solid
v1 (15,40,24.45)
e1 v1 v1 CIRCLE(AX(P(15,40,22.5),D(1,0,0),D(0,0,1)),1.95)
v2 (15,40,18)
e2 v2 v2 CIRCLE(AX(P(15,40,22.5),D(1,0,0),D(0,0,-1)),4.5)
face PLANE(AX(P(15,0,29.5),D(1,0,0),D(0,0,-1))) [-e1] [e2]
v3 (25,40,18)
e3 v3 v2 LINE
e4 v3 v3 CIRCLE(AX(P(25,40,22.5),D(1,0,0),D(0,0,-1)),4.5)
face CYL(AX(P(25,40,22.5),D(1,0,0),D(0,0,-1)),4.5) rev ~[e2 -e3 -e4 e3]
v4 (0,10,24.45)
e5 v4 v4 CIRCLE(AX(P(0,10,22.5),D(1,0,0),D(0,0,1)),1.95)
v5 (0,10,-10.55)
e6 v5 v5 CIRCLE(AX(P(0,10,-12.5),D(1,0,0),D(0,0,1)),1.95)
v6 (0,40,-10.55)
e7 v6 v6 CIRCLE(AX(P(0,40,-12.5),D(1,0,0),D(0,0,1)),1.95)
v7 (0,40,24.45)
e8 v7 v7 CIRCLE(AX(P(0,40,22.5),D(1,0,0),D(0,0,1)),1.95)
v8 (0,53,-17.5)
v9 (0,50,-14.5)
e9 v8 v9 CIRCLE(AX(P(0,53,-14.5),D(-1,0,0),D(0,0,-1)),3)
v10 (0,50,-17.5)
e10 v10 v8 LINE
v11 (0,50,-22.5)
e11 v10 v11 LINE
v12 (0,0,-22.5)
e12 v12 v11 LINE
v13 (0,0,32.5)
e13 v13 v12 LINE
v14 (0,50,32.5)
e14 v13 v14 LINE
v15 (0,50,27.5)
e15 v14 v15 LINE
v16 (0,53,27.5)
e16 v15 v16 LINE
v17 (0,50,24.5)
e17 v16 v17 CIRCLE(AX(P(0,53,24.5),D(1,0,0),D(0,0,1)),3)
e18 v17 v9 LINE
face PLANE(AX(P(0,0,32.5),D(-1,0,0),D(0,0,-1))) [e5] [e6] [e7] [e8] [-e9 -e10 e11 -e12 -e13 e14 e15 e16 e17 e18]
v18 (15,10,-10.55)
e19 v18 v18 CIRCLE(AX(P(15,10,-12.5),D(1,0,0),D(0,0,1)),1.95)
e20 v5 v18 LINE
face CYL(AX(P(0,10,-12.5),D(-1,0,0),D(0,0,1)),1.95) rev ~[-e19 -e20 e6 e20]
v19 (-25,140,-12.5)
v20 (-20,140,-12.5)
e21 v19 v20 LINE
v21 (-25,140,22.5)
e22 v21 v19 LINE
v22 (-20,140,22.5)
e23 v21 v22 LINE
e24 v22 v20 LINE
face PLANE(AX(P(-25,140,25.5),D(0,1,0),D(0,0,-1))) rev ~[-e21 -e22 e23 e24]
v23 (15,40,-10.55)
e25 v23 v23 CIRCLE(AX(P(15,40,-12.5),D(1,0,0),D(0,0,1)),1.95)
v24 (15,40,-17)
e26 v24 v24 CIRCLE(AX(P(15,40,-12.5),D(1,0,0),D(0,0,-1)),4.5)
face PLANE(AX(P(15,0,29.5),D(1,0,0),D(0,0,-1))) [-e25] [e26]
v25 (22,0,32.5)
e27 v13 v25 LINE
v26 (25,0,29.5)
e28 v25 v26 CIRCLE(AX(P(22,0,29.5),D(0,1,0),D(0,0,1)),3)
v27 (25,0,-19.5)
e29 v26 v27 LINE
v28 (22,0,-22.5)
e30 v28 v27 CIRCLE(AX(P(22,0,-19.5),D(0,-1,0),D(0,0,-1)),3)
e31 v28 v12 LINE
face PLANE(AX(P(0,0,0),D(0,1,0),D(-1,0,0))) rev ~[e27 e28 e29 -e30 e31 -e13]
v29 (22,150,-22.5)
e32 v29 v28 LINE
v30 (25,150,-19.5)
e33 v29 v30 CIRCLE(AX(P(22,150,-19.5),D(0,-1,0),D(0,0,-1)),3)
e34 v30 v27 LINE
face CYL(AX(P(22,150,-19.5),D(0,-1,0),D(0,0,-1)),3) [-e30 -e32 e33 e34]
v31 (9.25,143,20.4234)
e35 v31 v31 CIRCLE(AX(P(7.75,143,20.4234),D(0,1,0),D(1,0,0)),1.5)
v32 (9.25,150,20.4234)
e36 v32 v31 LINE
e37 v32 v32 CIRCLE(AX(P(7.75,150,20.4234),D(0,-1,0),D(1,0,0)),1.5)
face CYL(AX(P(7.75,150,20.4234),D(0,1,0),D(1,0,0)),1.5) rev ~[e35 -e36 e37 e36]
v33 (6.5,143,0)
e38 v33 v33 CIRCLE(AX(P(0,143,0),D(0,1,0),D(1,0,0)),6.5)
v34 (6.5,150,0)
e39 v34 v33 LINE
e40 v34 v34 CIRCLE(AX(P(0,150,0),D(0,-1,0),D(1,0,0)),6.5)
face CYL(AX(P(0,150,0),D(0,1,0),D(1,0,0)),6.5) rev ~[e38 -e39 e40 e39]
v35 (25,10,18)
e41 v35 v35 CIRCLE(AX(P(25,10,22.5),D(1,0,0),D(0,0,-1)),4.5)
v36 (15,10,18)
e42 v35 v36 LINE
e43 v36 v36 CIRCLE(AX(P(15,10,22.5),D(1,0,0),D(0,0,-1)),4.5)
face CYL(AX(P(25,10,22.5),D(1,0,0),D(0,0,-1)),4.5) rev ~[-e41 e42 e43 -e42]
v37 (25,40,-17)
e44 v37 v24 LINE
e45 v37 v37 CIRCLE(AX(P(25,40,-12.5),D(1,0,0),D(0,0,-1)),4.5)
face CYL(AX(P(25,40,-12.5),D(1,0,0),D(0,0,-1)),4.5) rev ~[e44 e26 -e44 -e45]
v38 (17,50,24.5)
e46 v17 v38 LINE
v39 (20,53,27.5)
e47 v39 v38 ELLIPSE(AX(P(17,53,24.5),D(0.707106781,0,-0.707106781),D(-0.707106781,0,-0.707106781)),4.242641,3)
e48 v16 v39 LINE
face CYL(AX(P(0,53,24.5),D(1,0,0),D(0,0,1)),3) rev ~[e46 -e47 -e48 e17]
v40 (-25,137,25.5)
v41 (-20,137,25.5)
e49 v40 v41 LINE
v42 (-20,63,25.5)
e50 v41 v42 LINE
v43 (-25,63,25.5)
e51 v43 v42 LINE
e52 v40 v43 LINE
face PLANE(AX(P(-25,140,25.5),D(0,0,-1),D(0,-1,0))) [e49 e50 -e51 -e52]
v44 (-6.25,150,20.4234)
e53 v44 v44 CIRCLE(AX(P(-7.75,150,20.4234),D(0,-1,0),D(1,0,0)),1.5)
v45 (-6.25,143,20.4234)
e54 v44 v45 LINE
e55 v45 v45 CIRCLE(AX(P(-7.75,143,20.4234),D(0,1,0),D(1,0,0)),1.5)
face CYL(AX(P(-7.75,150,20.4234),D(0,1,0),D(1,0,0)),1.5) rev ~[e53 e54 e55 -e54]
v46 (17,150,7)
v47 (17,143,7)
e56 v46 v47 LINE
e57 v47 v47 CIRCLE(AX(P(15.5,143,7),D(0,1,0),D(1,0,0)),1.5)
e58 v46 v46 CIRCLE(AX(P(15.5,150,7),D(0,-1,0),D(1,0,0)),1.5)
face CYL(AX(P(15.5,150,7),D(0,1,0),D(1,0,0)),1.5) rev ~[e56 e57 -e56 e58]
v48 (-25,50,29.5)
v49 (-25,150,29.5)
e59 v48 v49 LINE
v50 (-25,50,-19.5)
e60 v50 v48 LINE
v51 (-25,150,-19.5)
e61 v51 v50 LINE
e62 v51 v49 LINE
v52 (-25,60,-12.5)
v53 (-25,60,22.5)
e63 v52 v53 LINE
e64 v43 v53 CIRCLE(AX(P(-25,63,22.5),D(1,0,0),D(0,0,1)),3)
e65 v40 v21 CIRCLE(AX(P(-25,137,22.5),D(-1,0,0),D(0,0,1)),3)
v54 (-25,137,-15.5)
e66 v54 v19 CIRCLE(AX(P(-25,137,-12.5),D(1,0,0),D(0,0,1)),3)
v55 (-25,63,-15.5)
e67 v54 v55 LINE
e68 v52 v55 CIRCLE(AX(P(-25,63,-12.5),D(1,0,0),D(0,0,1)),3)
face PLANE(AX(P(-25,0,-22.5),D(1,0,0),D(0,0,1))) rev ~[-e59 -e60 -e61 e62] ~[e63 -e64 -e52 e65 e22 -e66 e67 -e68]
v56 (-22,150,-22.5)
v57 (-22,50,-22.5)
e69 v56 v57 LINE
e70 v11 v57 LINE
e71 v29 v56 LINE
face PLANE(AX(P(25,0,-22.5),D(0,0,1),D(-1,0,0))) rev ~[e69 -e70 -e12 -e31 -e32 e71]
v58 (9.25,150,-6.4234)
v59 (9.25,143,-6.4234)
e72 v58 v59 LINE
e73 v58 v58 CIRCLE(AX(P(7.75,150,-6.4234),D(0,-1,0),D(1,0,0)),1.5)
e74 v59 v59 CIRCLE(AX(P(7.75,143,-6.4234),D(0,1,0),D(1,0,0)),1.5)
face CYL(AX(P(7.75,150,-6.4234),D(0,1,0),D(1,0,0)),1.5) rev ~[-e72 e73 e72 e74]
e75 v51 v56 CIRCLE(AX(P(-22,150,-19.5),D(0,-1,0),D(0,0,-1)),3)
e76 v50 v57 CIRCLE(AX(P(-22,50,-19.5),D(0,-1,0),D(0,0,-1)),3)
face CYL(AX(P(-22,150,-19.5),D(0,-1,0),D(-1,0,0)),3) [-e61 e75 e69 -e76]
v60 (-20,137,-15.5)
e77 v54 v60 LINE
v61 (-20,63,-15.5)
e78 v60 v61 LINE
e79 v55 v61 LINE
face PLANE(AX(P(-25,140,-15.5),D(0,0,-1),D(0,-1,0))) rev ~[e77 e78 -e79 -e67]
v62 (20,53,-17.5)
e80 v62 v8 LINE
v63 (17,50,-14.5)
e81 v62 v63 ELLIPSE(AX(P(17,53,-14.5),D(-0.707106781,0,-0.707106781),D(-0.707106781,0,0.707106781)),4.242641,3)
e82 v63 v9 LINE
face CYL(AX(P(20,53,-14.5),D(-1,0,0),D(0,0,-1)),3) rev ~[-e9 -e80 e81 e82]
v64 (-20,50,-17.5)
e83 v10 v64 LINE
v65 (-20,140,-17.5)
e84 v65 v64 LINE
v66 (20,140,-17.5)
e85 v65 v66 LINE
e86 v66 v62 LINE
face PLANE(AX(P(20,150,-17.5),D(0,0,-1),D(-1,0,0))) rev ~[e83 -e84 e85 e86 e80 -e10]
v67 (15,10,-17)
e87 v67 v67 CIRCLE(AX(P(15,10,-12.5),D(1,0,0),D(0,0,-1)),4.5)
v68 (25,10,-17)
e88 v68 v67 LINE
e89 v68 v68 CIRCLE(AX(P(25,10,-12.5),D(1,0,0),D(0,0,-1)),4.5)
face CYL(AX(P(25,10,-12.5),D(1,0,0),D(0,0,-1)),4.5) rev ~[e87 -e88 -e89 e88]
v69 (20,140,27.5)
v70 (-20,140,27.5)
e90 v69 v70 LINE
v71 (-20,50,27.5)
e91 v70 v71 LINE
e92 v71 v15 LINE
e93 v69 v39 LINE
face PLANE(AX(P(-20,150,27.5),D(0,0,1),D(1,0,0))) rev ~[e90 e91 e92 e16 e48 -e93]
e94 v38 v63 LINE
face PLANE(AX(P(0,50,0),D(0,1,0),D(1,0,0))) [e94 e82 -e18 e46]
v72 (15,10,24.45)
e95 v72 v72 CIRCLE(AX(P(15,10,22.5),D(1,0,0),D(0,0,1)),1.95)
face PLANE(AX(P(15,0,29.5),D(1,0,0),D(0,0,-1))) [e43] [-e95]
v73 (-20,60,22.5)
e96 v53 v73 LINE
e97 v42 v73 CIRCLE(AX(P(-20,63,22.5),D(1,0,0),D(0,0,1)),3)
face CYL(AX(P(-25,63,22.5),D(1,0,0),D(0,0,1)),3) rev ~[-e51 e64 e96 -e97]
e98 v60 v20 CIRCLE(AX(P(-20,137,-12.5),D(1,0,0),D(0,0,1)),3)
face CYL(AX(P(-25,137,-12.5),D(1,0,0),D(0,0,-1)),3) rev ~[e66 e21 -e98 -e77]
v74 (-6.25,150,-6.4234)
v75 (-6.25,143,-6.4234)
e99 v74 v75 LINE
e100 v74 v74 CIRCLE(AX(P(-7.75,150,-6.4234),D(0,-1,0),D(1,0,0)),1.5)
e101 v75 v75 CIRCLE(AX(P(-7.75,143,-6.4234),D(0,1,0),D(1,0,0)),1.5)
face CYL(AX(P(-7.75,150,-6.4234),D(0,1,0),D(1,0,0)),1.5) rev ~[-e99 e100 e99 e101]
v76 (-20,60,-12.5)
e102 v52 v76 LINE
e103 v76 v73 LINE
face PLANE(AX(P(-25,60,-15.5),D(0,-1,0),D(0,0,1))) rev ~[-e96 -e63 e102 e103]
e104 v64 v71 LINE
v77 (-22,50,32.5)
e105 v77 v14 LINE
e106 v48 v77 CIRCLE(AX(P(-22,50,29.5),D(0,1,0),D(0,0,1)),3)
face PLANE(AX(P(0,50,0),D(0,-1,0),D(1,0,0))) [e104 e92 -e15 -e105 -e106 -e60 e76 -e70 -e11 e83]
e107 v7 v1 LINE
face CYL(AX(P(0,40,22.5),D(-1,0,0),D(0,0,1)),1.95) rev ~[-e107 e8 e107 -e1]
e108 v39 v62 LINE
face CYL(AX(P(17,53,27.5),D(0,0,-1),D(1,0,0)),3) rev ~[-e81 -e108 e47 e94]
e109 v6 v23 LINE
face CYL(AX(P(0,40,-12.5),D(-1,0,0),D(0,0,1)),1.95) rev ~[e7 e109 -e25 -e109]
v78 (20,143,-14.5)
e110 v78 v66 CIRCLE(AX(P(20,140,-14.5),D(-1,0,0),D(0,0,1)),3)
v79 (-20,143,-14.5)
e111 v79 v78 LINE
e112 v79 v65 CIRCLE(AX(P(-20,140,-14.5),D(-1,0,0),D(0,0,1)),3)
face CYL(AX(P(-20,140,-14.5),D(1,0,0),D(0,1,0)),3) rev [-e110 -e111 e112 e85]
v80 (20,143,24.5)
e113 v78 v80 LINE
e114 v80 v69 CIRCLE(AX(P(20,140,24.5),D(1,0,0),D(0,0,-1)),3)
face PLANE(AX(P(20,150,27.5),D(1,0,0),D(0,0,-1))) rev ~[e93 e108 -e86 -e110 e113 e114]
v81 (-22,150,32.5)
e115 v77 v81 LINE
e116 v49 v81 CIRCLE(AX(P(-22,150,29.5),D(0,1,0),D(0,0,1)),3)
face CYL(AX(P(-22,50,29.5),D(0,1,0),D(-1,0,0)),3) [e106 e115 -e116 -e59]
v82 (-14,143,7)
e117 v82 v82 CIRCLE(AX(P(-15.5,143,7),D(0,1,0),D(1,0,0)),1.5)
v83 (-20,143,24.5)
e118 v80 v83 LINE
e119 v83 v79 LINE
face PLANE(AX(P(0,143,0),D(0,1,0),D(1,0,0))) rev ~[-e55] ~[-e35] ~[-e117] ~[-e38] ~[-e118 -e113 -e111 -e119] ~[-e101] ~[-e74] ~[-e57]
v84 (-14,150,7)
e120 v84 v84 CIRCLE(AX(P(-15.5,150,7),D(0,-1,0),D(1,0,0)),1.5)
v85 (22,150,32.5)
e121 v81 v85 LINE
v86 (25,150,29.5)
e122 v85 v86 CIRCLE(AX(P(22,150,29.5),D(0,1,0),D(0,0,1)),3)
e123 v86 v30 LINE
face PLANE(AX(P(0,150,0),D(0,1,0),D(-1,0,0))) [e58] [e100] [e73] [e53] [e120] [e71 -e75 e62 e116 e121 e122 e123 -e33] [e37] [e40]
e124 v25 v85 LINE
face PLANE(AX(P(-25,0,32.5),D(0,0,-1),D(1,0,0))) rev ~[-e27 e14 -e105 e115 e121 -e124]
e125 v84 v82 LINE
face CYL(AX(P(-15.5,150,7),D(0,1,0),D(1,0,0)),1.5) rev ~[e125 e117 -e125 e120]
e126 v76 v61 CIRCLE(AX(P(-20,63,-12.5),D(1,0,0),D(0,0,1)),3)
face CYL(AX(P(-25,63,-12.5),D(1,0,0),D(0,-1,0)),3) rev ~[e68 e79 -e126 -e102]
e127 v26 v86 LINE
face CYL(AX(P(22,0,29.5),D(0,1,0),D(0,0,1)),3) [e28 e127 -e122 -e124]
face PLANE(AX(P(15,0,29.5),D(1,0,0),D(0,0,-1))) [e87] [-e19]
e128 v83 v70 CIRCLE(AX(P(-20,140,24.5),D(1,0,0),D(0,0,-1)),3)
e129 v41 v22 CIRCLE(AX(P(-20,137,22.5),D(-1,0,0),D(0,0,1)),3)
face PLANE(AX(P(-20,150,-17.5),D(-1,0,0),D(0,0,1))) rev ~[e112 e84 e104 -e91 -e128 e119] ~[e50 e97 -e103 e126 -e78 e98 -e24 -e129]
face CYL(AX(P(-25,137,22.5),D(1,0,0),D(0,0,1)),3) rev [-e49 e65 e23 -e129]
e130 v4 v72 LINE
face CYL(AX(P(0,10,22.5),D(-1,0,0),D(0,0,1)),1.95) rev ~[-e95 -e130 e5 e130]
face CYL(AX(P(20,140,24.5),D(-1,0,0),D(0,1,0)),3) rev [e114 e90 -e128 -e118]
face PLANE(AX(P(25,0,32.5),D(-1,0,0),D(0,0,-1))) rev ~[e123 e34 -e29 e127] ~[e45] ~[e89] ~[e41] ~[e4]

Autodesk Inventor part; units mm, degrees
ref_plane "YZ Plane" through (0, 0, 0) normal (1, 0, 0) x (0, 1, 0)
ref_plane "XZ Plane" through (0, 0, 0) normal (0, 1, 0) x (-1, 0, 0)
ref_plane "XY Plane" through (0, 0, 0) normal (0, 0, 1) x (1, 0, 0)
sketch "Sketch1" plane through (0, 0, 0) normal (0, 1, 0) x (-1, 0, 0)
  line L0 (25, 32.5) -> (-25, 32.5)
  line L1 (-25, 32.5) -> (-25, -22.5)
  line L2 (-25, -22.5) -> (25, -22.5)
  line L3 (25, -22.5) -> (25, 32.5)
  circle A0 centre (0, 0) radius 15.2541
  dimension "d0" = 50
  dimension "d1" = 55
  dimension "d2" = 22.5
  dimension "d3" = 25
extrude "Extrusion1" add sketch "Sketch1" along normal blind 150 contours L3 L2 L1 L0 | A0
sketch "Sketch2" plane through (0, 0, 0) normal (0, -1, 0) x (1, 0, 0)
  line L0 (-25, -22.5) -> (-25, 32.5) projected
  line L1 (-25, 32.5) -> (0, 32.5)
  line L2 (0, 32.5) -> (0, -22.5)
  line L3 (0, -22.5) -> (-25, -22.5)
  line L4 (-25, -22.5) -> (-25, 32.5)
  point P0 (0, 0)
extrude "Extrusion2" cut sketch "Sketch2" against normal blind 50
sketch "Sketch3" plane through (0, 150, 0) normal (0, 1, 0) x (1, 0, 0)
  line L0 (-25, 22.5) -> (-25, -32.5) projected
  line L1 (25, -32.5) -> (25, 22.5) projected
  line L2 (-25, -32.5) -> (25, -32.5)
  line L3 (25, -32.5) -> (25, 22.5)
  line L4 (25, 22.5) -> (-25, 22.5)
  line L5 (-25, 22.5) -> (-25, -32.5)
  line L6 (-20, -27.5) -> (20, -27.5)
  line L7 (20, -27.5) -> (20, 17.5)
  line L8 (20, 17.5) -> (-20, 17.5)
  line L9 (-20, 17.5) -> (-20, -27.5)
  point P0 (0, 0)
  dimension "d8" = 5
  dimension "d9" = 5
  dimension "d10" = 5
  dimension "d11" = 5
extrude "Extrusion3" cut sketch "Sketch3" against normal blind 100 contours L9 L8 L7 L6
fillet "Fillet1" radius 3 3 edges at (10, 50, -17.5) (20, 50, 5) (10, 50, 27.5)
sketch "Sketch4" plane through (0, 150, 0) normal (0, 1, 0) x (1, 0, 0)
  line L0 (25, -32.5) -> (25, 22.5) projected
  line L1 (-25, 22.5) -> (-25, -32.5) projected
  line L2 (25, -32.5) -> (-25, -32.5)
  line L3 (-25, -32.5) -> (-25, 22.5)
  line L4 (-25, 22.5) -> (25, 22.5)
  line L5 (25, 22.5) -> (25, -32.5)
  point P0 (0, 0)
extrude "Extrusion4" add sketch "Sketch4" against normal blind 7
sketch "Sketch5" plane through (0, 150, 0) normal (0, 1, 0) x (1, 0, 0)
  circle A0 centre (0, 0) radius 6.5
  line L0 (0, -24.5) -> (0, 14.5) projected
  circle A1 centre (0, -7) radius 15.5
  line L1 (9.6514, -23.7167) -> (0, -7)
  line L2 (0, -7) -> (-9.5909, -23.612)
  line L3 (0, -7) -> (-18.6754, -7)
  line L4 (0, -7) -> (9.4872, 9.4324)
  line L5 (0, -7) -> (16.3511, -7)
  line L6 (0, -7) -> (-10.3523, 10.9308)
  circle A2 centre (15.5, -7) radius 1.5
  circle A3 centre (7.75, -20.4234) radius 1.5
  circle A4 centre (-7.75, -20.4234) radius 1.5
  circle A5 centre (-15.5, -7) radius 1.5
  circle A6 centre (-7.75, 6.4234) radius 1.5
  circle A7 centre (7.75, 6.4234) radius 1.5
  dimension "d17" = 31
  dimension "d18" = 7
  dimension "d19" = 13
  dimension "d20" = 60
  dimension "d21" = 60
  dimension "d22" = 60
  dimension "d23" = 60
  dimension "d24" = 60
  dimension "d25" = 30
  dimension "d26" = 3
  dimension "d27" = 3
  dimension "d28" = 3
  dimension "d29" = 3
  dimension "d30" = 3
  dimension "d31" = 3
extrude "Extrusion5" cut sketch "Sketch5" against normal blind 7 contours A0 L4 | L4 A0 L0 | L0 A0 L6 | A7 A1 L4 | L4 A1 A7 | L6 A0 | L4 A7 A1 | A1 A7 L4 | A3 A1 L1 | L1 A1 A3 | A4 A1 L2 | L2 A1 A4 | A5 A1 L3 | L3 A1 A5 | A2 A1 L5 | L5 A1 A2 | A6 A1 L6 | L6 A1 A6 | A1 L6 A6 | A2 A1 | A4 L2 A1 | A1 L1 A3 | A1 A3 L1 | L2 A4 A1 | L3 A5 A1 | A1 A5 L3 | A1 A6 L6 picked at (1.7263, 1.3919) picked at (-2.6431, 1.1884)
fillet "Fillet2" radius 3 2 edges at (0, 143, -17.5) (0, 143, 27.5)
fillet "Fillet3" radius 3 4 edges at (25, 75, 32.5) (25, 75, -22.5) (-25, 100, -22.5) (-25, 100, 32.5)
sketch "Sketch6" plane through (-25, 50, 29.5) normal (-1, 0, 0) x (0, 0, 1)
  line L0 (-2, 90) -> (-2, 0) projected
  line L1 (-47, 90) -> (-47, 3) projected
  line L2 (-2, 90) -> (-47, 90)
  line L3 (-47, 90) -> (-47, 10)
  line L4 (-47, 10) -> (-2, 10)
  line L5 (-2, 10) -> (-2, 90)
  line L6 (-49, 0) -> (0, 0) projected
  line L7 (-49, 100) -> (0, 100) projected
  line L8 (-4, 90) -> (-4, 10)
  line L9 (-45, 90) -> (-45, 10)
  line L10 (-52, 100) -> (-52, 0) projected
  point P0 (-29.5, -50)
  point P1 (3, 0)
  dimension "d36" = 10
  dimension "d38" = 10
  dimension "d39" = 7
  dimension "d40" = 7
extrude "Extrusion6" cut sketch "Sketch6" against normal blind 7 contours L8 L4 L9 L2
fillet "Fillet4" radius 3 4 edges at (-22.5, 140, 25.5) (-22.5, 60, 25.5) (-22.5, 60, -15.5) (-22.5, 140, -15.5)
sketch "Sketch7" plane through (0, 0, -22.5) normal (-1, 0, 0) x (0, 0, 1)
  line L0 (45, 40) -> (10, 40)
  line L1 (10, 40) -> (10, 10)
  line L2 (10, 10) -> (45, 10)
  line L3 (45, 10) -> (45, 40)
  line L4 (55, 50) -> (55, 0) projected
  line L5 (55, 0) -> (0, 0) projected
  line L6 (0, 0) -> (0, 50) projected
  line L7 (3, 50) -> (52, 50) projected
  circle A0 centre (45, 10) radius 1.95
  circle A1 centre (45, 40) radius 1.95
  circle A2 centre (10, 40) radius 1.95
  circle A3 centre (10, 10) radius 1.95
  point P0 (22.5, 0)
  dimension "d44" = 10
  dimension "d45" = 10
  dimension "d46" = 10
  dimension "d47" = 10
  dimension "d48" = 3.9
  dimension "d49" = 3.9
  dimension "d50" = 3.9
  dimension "d51" = 3.9
extrude "Extrusion7" cut sketch "Sketch7" against normal blind 25 contours A2 L1 L0 | L0 L1 A2 | A1 L3 L0 | L0 L3 A1 | A3 L2 L1 | L1 L2 A3 | A0 L2 L3 | L3 L2 A0
sketch "Sketch8" plane through (25, 0, 29.5) normal (1, 0, 0) x (0, 0, -1)
  circle A0 centre (7, 10) radius 1.95 projected
  circle A1 centre (7, 10) radius 4.5
  circle A2 centre (7, 40) radius 1.95 projected
  circle A3 centre (7, 40) radius 4.5
  circle A4 centre (42, 40) radius 1.95 projected
  circle A5 centre (42, 40) radius 4.5
  circle A6 centre (42, 10) radius 1.95 projected
  circle A7 centre (42, 10) radius 4.5
  point P0 (29.5, 0)
  dimension "d54" = 9
  dimension "d55" = 9
  dimension "d56" = 9
  dimension "d57" = 9
extrude "Extrusion8" cut sketch "Sketch8" against normal blind 10
properties part number "Link2_v2b"
